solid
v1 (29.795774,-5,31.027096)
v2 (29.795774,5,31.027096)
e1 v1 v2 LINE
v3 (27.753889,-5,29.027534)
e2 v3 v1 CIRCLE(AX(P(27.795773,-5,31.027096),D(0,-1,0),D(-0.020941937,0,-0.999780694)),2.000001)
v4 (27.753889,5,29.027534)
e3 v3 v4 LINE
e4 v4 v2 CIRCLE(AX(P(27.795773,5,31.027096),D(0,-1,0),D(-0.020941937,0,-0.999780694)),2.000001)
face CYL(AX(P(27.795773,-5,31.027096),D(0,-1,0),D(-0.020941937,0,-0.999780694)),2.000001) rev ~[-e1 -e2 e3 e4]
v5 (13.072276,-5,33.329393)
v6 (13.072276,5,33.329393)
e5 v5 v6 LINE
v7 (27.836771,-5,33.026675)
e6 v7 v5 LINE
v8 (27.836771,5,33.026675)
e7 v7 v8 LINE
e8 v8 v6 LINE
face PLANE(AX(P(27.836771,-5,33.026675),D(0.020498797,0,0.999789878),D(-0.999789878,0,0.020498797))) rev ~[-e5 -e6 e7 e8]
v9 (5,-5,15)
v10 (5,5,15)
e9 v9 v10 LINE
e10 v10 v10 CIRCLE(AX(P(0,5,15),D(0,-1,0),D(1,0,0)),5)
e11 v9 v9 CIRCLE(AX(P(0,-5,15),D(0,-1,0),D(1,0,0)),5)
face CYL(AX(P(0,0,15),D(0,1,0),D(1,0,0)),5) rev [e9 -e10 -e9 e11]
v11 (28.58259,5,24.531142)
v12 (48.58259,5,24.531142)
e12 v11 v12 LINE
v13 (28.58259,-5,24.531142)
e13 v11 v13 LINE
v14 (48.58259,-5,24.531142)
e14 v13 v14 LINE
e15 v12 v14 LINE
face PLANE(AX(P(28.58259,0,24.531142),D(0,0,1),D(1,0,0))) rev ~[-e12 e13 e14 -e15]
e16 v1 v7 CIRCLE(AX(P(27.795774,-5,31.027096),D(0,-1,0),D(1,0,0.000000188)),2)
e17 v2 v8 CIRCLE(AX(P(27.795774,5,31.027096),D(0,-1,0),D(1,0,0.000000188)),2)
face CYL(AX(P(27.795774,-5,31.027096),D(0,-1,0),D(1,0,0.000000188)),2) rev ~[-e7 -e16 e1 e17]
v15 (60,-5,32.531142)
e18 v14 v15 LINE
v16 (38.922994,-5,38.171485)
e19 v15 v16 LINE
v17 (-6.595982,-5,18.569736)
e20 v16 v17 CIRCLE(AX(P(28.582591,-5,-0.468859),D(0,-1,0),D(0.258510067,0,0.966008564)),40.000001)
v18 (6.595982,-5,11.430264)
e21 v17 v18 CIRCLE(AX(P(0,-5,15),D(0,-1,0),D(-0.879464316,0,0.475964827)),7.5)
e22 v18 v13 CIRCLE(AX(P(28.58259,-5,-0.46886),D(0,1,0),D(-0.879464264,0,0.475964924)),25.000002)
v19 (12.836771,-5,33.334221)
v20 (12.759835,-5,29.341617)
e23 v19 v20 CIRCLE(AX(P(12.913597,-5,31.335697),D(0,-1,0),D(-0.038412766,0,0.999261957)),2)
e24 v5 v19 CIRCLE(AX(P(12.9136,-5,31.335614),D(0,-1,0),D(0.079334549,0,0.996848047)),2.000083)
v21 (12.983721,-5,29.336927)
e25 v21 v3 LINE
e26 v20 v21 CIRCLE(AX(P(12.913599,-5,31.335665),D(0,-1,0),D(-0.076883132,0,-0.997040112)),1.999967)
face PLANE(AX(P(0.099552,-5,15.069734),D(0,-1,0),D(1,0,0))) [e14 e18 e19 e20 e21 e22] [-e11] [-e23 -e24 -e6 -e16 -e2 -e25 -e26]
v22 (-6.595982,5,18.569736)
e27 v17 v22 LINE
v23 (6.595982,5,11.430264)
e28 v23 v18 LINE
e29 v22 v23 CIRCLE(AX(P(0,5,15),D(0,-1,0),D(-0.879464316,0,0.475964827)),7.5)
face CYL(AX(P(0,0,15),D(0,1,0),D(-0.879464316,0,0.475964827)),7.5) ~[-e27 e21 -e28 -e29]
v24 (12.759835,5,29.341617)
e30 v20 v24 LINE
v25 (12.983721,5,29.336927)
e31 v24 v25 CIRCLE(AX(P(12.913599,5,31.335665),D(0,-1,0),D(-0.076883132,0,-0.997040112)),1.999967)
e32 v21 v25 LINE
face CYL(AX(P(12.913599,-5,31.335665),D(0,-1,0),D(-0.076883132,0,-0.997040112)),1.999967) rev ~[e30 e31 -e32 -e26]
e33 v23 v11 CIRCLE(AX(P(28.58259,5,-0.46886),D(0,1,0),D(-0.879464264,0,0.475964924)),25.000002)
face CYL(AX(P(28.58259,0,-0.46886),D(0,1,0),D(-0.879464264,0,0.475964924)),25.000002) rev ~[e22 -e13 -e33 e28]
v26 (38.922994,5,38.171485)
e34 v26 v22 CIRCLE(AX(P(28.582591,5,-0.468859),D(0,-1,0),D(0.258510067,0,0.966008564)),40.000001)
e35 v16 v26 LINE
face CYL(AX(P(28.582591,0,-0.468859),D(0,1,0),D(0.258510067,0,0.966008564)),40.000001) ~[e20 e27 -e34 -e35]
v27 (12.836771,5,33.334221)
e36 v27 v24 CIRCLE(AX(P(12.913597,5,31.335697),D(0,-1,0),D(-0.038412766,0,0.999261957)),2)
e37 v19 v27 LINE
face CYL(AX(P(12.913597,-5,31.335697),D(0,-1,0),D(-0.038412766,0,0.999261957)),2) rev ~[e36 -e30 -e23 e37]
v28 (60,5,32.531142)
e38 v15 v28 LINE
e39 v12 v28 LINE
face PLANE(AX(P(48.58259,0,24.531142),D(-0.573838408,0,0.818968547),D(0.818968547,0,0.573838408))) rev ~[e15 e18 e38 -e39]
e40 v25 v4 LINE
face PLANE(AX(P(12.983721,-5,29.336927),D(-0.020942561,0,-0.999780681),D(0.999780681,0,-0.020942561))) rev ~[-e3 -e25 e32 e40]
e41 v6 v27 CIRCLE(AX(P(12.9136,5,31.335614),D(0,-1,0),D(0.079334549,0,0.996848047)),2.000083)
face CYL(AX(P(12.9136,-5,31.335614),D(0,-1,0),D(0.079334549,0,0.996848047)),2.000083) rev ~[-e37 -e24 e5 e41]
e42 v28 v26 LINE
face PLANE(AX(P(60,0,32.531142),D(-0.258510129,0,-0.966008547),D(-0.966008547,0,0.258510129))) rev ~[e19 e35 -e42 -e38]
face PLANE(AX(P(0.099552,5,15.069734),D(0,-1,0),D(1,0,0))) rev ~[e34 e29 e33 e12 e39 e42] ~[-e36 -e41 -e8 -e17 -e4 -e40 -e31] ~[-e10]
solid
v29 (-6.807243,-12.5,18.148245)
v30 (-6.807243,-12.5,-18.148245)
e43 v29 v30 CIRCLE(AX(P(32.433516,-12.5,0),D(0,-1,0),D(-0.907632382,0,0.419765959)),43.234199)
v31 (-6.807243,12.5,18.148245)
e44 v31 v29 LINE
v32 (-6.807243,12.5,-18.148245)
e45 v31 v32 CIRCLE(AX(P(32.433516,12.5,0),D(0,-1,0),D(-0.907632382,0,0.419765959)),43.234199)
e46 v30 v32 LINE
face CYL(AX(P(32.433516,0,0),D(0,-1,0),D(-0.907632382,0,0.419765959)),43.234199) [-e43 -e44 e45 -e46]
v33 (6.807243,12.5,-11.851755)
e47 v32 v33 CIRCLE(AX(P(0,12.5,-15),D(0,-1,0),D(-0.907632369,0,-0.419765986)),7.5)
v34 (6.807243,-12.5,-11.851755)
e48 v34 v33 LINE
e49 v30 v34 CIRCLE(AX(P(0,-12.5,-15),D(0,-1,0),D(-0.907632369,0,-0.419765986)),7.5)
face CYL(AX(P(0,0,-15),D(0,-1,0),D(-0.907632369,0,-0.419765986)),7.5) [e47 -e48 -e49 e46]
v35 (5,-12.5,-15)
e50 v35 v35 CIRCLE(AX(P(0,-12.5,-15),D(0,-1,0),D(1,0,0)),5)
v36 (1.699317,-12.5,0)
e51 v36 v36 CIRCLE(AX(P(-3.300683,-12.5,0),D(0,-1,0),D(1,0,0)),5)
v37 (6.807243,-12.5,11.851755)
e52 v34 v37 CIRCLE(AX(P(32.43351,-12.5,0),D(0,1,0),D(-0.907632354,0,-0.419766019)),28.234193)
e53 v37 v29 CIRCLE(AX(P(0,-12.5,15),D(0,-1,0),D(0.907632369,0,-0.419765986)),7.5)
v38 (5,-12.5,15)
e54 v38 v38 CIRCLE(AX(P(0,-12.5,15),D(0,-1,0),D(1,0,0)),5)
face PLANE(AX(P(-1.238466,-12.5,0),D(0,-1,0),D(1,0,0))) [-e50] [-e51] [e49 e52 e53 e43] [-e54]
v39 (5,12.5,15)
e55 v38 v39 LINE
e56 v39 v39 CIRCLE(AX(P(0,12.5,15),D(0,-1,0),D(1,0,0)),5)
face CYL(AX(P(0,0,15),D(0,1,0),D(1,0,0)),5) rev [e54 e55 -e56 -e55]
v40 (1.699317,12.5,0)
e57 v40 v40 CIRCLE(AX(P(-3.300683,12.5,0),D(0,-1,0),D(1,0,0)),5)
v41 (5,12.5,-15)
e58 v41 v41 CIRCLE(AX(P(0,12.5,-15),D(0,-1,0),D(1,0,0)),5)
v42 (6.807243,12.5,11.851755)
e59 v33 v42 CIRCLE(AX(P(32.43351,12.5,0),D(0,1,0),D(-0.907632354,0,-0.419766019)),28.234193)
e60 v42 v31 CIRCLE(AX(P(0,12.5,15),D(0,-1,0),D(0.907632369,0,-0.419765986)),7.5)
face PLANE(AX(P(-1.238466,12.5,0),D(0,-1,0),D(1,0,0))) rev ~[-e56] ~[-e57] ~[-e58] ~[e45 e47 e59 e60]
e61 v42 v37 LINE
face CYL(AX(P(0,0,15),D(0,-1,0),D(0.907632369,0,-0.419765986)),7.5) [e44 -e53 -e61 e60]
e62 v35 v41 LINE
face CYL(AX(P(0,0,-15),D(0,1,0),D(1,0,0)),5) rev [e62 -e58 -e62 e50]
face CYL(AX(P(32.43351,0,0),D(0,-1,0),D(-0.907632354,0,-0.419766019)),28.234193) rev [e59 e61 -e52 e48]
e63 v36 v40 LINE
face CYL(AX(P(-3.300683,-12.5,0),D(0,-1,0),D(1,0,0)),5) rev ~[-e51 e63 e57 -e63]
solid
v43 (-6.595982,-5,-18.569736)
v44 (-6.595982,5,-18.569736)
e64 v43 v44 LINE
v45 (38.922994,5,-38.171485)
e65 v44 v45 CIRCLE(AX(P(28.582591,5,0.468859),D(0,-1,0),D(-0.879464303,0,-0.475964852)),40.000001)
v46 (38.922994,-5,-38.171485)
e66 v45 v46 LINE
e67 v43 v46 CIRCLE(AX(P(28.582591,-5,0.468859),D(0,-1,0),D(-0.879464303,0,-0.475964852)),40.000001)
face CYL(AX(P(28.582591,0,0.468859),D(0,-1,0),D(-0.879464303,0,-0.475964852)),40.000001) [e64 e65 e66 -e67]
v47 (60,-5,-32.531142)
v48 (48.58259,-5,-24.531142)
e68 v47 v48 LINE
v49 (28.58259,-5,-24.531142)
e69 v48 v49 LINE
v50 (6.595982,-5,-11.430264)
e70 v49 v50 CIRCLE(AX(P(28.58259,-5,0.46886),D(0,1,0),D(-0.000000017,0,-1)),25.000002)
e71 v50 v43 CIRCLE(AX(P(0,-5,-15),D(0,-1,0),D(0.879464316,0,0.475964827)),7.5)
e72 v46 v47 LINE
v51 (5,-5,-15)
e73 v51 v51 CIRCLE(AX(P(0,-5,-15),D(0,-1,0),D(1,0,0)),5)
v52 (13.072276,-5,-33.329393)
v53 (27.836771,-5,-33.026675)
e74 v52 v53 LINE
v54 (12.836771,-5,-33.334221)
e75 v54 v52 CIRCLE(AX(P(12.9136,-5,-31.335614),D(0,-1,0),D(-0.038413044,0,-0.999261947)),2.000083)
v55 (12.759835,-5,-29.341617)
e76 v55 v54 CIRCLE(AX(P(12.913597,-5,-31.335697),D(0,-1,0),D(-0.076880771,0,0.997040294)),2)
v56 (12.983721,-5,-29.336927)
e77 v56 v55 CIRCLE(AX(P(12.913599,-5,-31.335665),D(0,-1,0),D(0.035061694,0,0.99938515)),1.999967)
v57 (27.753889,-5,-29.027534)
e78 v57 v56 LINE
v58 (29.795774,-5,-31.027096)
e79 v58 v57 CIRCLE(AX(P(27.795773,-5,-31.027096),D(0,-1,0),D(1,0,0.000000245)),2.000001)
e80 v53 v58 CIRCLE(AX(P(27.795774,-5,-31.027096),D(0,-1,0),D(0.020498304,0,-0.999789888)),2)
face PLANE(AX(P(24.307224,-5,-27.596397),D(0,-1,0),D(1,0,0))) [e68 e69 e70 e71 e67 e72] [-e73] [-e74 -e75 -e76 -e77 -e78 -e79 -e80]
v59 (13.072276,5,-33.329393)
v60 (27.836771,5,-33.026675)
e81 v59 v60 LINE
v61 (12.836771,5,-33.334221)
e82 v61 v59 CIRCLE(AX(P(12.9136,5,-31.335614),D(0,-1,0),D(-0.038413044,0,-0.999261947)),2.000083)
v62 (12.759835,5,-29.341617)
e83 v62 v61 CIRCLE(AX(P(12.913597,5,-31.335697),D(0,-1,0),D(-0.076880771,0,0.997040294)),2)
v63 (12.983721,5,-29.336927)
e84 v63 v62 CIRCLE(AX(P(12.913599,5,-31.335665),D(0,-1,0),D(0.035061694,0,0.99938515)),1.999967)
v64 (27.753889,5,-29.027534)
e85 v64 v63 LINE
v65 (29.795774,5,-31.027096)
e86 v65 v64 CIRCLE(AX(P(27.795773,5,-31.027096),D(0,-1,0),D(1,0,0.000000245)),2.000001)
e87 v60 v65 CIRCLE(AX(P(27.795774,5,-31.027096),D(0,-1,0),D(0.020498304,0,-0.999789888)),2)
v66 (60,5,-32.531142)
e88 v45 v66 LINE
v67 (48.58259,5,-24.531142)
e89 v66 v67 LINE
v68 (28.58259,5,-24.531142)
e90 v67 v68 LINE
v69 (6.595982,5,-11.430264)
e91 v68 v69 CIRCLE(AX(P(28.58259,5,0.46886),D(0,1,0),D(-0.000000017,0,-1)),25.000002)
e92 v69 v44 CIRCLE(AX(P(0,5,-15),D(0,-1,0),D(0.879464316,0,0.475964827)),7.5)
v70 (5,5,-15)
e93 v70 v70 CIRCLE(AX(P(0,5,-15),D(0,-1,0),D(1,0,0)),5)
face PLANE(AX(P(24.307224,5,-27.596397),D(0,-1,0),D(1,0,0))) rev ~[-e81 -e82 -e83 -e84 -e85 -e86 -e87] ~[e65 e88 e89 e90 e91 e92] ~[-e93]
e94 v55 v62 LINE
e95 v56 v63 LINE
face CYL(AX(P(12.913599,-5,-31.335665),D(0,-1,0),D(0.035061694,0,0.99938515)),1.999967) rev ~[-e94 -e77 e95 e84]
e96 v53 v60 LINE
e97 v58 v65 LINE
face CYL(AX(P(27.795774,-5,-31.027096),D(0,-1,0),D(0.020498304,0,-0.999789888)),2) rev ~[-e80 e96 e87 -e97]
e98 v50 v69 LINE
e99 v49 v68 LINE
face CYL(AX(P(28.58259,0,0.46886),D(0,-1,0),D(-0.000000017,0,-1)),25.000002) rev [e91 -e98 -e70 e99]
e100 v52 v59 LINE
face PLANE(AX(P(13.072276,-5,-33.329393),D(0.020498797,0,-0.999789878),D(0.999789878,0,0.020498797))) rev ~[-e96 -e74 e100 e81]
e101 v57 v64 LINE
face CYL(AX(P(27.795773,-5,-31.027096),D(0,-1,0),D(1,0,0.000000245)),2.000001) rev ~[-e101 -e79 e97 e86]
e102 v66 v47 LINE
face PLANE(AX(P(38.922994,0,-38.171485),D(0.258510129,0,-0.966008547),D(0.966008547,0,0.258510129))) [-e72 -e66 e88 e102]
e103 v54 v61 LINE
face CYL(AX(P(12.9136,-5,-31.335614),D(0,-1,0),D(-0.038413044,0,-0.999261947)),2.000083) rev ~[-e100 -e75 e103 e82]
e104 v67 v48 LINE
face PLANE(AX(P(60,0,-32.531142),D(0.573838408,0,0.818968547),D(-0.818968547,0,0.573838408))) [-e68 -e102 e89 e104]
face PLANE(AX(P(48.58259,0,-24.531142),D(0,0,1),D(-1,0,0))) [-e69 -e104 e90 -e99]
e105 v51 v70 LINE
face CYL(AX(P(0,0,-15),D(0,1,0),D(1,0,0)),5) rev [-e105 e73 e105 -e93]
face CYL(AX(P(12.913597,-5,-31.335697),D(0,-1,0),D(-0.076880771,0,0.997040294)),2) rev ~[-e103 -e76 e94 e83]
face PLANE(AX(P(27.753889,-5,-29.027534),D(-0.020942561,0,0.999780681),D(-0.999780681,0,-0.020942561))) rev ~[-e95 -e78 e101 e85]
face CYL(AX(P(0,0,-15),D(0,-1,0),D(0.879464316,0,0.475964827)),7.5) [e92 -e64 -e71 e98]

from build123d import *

# Parameters (mm, degrees)
F0_R     = 5
F2_DEPTH = 12.5
F1_R     = 5
F3_DEPTH = 5
F5_DEPTH = 17.501
F6_R     = 5
F7_DEPTH = 25.001


with BuildPart() as f2:
    # F0 (on Front) → F2 (new body, symmetric)
    with BuildSketch(Plane.XZ):
        with BuildLine():
            ThreePointArc((6.807243, -11.851755), (4.199317, 0), (6.807243, 11.851755))
            ThreePointArc((6.807243, 11.851755), (3.148245, 21.807243), (-6.807243, 18.148245))
            ThreePointArc((-6.807243, 18.148245), (-10.800683, 0), (-6.807243, -18.148245))
            ThreePointArc((-6.807243, -18.148245), (3.148245, -21.807243), (6.807243, -11.851755))
        make_face()
        with Locations((0, -15)):
            Circle(F0_R, mode=Mode.SUBTRACT)
        with Locations((0, 15)):
            Circle(F0_R, mode=Mode.SUBTRACT)
    extrude(amount=F2_DEPTH, both=True)

    # F6 (on face) → F7 (cut, through all)
    with BuildSketch(Plane.XZ.offset(12.5)):
        with Locations((-3.300683, 0)):
            Circle(F6_R)
    extrude(amount=-F7_DEPTH, mode=Mode.SUBTRACT)


with BuildPart() as f3:
    # F1 (on Front) → F3 (new body, symmetric)
    with BuildSketch(Plane.XZ):
        with BuildLine():
            ThreePointArc((6.595982, 11.430264), (7.270484, 13.158787), (7.5, 15))
            ThreePointArc((7.5, 15), (1.841213, 22.270484), (-6.595982, 18.569736))
            ThreePointArc((-6.595982, 18.569736), (-3.569736, 8.404018), (6.595982, 11.430264))
        make_face()
        with Locations((0, 15)):
            Circle(F1_R, mode=Mode.SUBTRACT)
        with BuildLine():
            ThreePointArc((-6.595982, 18.569736), (1.841213, 22.270484), (7.5, 15))
            ThreePointArc((7.5, 15), (7.270484, 13.158787), (6.595982, 11.430264))
            ThreePointArc((6.595982, 11.430264), (15.785677, 21.007618), (28.58259, 24.531142))
            Line((28.58259, 24.531142), (48.58259, 24.531142))
            Line((48.58259, 24.531142), (60, 32.531142))
            Line((60, 32.531142), (38.922994, 38.171485))
            ThreePointArc((38.922994, 38.171485), (12.762009, 36.269531), (-6.595982, 18.569736))
        make_face()
        with BuildLine():
            ThreePointArc((-6.595982, -18.569736), (12.762009, -36.269531), (38.922994, -38.171485))
            Line((38.922994, -38.171485), (60, -32.531142))
            Line((60, -32.531142), (48.58259, -24.531142))
            Line((48.58259, -24.531142), (28.58259, -24.531142))
            ThreePointArc((28.58259, -24.531142), (15.785677, -21.007618), (6.595982, -11.430264))
            ThreePointArc((6.595982, -11.430264), (7.270484, -13.158787), (7.5, -15))
            ThreePointArc((7.5, -15), (1.841213, -22.270484), (-6.595982, -18.569736))
        make_face()
        with BuildLine():
            ThreePointArc((6.595982, -11.430264), (-3.569736, -8.404018), (-6.595982, -18.569736))
            ThreePointArc((-6.595982, -18.569736), (1.841213, -22.270484), (7.5, -15))
            ThreePointArc((7.5, -15), (7.270484, -13.158787), (6.595982, -11.430264))
        make_face()
        with Locations((0, -15)):
            Circle(F1_R, mode=Mode.SUBTRACT)
    extrude(amount=F3_DEPTH, both=True)

    # F4 (on face) → F5 (cut, through all)
    with BuildSketch(Plane.XZ.offset(5)):
        with BuildLine():
            Line((13.072276, 33.329393), (12.836771, 33.334221))
            ThreePointArc((12.836771, 33.334221), (10.913968, 31.37423), (12.759835, 29.341617))
            Line((12.759835, 29.341617), (12.983721, 29.336927))
            ThreePointArc((12.983721, 29.336927), (14.35239, 29.946498), (14.913597, 31.335697))
            ThreePointArc((14.913597, 31.335697), (14.382842, 32.69265), (13.072276, 33.329393))
        make_face()
        with BuildLine():
            ThreePointArc((13.072276, 33.329393), (12.954595, 33.335277), (12.836771, 33.334221))
            Line((12.836771, 33.334221), (13.072276, 33.329393))
        make_face()
        with BuildLine():
            Line((12.983721, 29.336927), (12.759835, 29.341617))
            ThreePointArc((12.759835, 29.341617), (12.871712, 29.336136), (12.983721, 29.336927))
        make_face()
        with BuildLine():
            Line((27.836771, 33.026675), (13.072276, 33.329393))
            ThreePointArc((13.072276, 33.329393), (14.382842, 32.69265), (14.913597, 31.335697))
            ThreePointArc((14.913597, 31.335697), (14.35239, 29.946498), (12.983721, 29.336927))
            Line((12.983721, 29.336927), (27.753889, 29.027534))
            ThreePointArc((27.753889, 29.027534), (25.796203, 31.068537), (27.836771, 33.026675))
        make_face()
        with BuildLine():
            ThreePointArc((29.795774, 31.027096), (29.224409, 32.426739), (27.836771, 33.026675))
            ThreePointArc((27.836771, 33.026675), (25.796203, 31.068537), (27.753889, 29.027534))
            ThreePointArc((27.753889, 29.027534), (29.1951, 29.59815), (29.795774, 31.027096))
        make_face()
        with BuildLine():
            Line((12.983721, -29.336927), (12.759835, -29.341617))
            ThreePointArc((12.759835, -29.341617), (10.913968, -31.37423), (12.836771, -33.334221))
            Line((12.836771, -33.334221), (13.072276, -33.329393))
            ThreePointArc((13.072276, -33.329393), (14.382842, -32.69265), (14.913597, -31.335697))
            ThreePointArc((14.913597, -31.335697), (14.35239, -29.946498), (12.983721, -29.336927))
        make_face()
        with BuildLine():
            ThreePointArc((12.983721, -29.336927), (12.871712, -29.336136), (12.759835, -29.341617))
            Line((12.759835, -29.341617), (12.983721, -29.336927))
        make_face()
        with BuildLine():
            Line((13.072276, -33.329393), (12.836771, -33.334221))
            ThreePointArc((12.836771, -33.334221), (12.954595, -33.335277), (13.072276, -33.329393))
        make_face()
        with BuildLine():
            Line((27.753889, -29.027534), (12.983721, -29.336927))
            ThreePointArc((12.983721, -29.336927), (14.35239, -29.946498), (14.913597, -31.335697))
            ThreePointArc((14.913597, -31.335697), (14.382842, -32.69265), (13.072276, -33.329393))
            Line((13.072276, -33.329393), (27.836771, -33.026675))
            ThreePointArc((27.836771, -33.026675), (25.796203, -31.068537), (27.753889, -29.027534))
        make_face()
        with BuildLine():
            ThreePointArc((29.795774, -31.027096), (29.1951, -29.59815), (27.753889, -29.027534))
            ThreePointArc((27.753889, -29.027534), (25.796203, -31.068537), (27.836771, -33.026675))
            ThreePointArc((27.836771, -33.026675), (29.224409, -32.426739), (29.795774, -31.027096))
        make_face()
    extrude(amount=-F5_DEPTH, mode=Mode.SUBTRACT)


solid = Compound([f2.part, f3.part])
